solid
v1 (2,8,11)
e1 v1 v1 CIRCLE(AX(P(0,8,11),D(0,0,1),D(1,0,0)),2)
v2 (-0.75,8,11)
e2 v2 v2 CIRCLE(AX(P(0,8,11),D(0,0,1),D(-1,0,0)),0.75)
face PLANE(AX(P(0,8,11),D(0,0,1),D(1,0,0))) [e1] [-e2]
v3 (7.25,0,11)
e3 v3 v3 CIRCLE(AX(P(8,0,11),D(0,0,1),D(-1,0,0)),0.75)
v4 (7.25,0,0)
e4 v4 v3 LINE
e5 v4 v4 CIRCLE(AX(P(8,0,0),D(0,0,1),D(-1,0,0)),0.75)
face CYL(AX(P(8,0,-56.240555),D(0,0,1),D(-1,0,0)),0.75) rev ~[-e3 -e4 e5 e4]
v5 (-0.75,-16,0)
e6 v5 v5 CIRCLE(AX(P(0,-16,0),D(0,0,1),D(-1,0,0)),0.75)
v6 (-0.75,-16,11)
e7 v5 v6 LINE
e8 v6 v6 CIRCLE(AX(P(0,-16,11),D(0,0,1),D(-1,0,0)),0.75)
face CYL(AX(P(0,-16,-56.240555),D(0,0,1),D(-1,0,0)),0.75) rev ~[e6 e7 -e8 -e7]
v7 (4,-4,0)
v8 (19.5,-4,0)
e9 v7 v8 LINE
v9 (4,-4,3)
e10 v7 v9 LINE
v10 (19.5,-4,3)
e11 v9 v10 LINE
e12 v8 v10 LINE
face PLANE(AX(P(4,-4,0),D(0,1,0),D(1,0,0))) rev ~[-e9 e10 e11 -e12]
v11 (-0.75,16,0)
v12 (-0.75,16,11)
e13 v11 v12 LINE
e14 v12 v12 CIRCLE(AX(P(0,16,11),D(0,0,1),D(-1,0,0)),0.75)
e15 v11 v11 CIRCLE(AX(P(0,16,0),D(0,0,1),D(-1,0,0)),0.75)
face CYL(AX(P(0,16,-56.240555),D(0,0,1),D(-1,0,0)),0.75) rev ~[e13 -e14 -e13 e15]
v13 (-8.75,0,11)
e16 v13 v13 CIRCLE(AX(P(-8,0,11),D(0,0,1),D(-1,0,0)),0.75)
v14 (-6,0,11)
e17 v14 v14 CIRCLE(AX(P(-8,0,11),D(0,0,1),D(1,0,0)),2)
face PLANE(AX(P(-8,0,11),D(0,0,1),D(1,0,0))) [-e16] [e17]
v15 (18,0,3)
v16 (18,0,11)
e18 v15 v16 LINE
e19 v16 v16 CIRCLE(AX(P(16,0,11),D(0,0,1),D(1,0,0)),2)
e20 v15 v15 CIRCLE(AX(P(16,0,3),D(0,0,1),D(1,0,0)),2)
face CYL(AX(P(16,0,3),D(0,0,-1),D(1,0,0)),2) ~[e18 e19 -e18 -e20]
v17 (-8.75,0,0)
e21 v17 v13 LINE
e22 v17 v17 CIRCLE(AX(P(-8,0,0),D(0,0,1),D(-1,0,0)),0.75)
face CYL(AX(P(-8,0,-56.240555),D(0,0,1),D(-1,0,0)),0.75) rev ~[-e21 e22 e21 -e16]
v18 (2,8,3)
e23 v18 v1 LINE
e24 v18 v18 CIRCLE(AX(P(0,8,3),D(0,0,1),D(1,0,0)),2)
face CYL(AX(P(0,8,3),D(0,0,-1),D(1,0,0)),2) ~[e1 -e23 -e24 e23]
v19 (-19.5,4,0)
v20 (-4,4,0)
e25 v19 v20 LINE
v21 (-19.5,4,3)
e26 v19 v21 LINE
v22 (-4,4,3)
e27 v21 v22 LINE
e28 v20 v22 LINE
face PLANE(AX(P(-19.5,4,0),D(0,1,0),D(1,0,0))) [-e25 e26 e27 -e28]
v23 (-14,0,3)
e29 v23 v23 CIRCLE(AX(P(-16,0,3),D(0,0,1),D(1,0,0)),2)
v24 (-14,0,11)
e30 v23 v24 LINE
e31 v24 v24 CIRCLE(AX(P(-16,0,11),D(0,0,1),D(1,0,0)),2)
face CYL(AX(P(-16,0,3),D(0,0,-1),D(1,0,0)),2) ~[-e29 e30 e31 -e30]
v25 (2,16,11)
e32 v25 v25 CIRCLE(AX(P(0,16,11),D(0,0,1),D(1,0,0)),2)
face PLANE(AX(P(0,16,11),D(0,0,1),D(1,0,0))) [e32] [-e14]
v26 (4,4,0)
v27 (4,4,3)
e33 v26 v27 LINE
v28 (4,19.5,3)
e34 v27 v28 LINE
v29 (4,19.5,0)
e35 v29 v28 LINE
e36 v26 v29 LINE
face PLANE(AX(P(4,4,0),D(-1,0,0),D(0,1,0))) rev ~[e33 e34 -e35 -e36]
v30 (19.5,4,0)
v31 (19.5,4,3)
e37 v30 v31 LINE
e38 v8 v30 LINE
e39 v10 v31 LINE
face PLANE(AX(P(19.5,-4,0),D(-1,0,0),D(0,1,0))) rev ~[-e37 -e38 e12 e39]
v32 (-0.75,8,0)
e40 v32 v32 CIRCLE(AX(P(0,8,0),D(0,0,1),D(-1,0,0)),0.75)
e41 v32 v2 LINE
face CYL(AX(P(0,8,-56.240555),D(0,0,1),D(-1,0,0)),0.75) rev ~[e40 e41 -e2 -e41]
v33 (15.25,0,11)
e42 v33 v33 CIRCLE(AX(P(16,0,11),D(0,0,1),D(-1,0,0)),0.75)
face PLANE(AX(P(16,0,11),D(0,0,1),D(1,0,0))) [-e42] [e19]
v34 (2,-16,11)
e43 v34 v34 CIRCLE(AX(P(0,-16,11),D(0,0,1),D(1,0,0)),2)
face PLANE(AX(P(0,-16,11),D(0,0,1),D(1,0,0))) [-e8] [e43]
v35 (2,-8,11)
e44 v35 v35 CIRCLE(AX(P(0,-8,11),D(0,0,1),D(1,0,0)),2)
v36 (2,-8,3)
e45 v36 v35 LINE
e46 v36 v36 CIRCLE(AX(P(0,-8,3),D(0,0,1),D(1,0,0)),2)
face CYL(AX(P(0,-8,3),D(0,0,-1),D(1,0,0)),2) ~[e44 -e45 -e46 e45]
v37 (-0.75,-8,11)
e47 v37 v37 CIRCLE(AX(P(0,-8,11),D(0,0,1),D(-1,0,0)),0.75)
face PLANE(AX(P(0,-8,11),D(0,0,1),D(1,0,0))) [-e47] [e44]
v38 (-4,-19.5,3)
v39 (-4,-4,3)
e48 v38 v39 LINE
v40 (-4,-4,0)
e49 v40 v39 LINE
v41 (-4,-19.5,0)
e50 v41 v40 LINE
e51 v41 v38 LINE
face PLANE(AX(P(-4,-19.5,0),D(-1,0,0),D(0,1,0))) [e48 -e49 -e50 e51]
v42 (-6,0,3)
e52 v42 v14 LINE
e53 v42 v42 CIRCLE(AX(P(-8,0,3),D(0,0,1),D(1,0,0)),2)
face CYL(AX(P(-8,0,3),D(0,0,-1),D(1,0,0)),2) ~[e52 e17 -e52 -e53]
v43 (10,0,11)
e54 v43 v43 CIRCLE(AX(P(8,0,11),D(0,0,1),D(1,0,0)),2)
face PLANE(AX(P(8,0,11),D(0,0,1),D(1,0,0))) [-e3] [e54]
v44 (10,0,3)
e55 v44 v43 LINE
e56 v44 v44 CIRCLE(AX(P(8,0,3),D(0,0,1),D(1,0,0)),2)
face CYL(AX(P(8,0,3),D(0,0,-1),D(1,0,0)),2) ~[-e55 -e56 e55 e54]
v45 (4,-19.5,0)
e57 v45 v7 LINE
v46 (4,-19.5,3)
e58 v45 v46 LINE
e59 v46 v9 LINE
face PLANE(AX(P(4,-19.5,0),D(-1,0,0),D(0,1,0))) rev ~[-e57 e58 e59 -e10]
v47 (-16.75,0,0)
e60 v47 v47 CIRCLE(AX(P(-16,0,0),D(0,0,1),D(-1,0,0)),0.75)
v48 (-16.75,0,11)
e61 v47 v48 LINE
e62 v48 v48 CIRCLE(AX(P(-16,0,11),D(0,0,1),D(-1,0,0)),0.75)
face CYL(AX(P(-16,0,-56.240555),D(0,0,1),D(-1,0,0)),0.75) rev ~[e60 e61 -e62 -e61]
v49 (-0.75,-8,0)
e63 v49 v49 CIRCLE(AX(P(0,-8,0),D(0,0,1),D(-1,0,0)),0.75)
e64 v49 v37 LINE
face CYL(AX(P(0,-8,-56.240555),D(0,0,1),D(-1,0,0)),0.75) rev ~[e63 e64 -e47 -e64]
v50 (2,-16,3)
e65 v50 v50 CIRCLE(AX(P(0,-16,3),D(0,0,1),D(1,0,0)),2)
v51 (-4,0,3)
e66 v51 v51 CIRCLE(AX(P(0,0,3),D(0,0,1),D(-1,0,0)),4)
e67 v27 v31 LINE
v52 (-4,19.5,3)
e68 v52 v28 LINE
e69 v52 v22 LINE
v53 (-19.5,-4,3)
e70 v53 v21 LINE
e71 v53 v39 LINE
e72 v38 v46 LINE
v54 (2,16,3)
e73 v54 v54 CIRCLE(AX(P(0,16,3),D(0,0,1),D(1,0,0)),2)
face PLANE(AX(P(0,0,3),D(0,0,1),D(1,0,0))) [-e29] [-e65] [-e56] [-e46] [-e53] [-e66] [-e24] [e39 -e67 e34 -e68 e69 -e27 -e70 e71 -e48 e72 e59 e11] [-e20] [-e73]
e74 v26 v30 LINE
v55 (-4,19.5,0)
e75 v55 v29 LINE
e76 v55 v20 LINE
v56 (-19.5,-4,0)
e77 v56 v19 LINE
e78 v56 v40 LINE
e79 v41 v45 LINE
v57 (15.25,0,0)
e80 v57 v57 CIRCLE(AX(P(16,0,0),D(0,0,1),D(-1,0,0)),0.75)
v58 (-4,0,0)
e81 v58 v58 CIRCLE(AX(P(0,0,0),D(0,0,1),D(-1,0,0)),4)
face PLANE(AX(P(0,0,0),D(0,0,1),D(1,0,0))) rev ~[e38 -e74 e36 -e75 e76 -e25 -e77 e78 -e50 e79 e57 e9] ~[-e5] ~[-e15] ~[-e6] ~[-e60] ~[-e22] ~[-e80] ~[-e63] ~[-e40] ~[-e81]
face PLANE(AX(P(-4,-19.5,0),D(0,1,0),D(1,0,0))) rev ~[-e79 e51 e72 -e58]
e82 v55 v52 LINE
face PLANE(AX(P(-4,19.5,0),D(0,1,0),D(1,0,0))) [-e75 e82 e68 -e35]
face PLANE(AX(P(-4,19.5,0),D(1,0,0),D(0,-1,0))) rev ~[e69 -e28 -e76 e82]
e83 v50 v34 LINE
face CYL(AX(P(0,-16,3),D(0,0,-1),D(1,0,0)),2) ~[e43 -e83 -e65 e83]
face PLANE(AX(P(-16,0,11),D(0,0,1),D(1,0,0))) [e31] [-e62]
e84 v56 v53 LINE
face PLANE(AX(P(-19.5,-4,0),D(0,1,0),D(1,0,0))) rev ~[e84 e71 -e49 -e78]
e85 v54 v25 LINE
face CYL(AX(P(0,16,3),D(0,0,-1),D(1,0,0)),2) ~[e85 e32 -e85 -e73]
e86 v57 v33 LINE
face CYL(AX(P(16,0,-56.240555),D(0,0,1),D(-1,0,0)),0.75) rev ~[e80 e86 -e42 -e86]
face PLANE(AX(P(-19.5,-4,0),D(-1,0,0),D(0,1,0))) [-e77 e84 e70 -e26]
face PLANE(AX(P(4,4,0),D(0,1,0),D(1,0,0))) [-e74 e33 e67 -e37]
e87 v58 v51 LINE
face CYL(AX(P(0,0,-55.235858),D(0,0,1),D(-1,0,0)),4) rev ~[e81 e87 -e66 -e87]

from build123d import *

# Parameters (mm, degrees)
F0_W     = 8
F0_H     = 8
F0_H_2   = 15.5
F0_W_2   = 15.5
F1_DEPTH = 3
F3_D     = 8
F4_R     = 2
F5_DEPTH = 8
F7_D     = 1.5


with BuildPart() as f1:
    # F0 (on Top) → F1 (new body)
    with BuildSketch(Plane.XY):
        Rectangle(F0_W, F0_H)
        with Locations((0, 11.75)):
            Rectangle(F0_W, F0_H_2)
        with Locations((-11.75, 0)):
            Rectangle(F0_W_2, F0_H)
        with Locations((11.75, 0)):
            Rectangle(F0_W_2, F0_H)
        with Locations((0, -11.75)):
            Rectangle(F0_W, F0_H_2)
    extrude(amount=F1_DEPTH)

    # F3 (through all)
    with Locations(Plane(origin=(0, 0, 0), x_dir=(1, 0, 0), z_dir=(0, 0, -1))):
        with Locations((0, 0)):
            Hole(F3_D / 2)

    # F4 (on face) → F5 (join)
    with BuildSketch(Plane.XY.offset(3)):
        with Locations((-16, 0)):
            Circle(F4_R)
        with Locations((-8, 0)):
            Circle(F4_R)
        with Locations((0, -8)):
            Circle(F4_R)
        with Locations((0, -16)):
            Circle(F4_R)
        with Locations((8, 0)):
            Circle(F4_R)
        with Locations((16, 0)):
            Circle(F4_R)
        with Locations((0, 8)):
            Circle(F4_R)
        with Locations((0, 16)):
            Circle(F4_R)
    extrude(amount=F5_DEPTH)

    # F7 (through all)
    with Locations(Plane(origin=(0, 0, 0), x_dir=(1, 0, 0), z_dir=(0, 0, -1))):
        with Locations((-16, 0), (-8, 0), (0, -16), (0, -8), (8, 0), (16, 0), (0, 8), (0, 16)):
            Hole(F7_D / 2)


solid = f1.part
